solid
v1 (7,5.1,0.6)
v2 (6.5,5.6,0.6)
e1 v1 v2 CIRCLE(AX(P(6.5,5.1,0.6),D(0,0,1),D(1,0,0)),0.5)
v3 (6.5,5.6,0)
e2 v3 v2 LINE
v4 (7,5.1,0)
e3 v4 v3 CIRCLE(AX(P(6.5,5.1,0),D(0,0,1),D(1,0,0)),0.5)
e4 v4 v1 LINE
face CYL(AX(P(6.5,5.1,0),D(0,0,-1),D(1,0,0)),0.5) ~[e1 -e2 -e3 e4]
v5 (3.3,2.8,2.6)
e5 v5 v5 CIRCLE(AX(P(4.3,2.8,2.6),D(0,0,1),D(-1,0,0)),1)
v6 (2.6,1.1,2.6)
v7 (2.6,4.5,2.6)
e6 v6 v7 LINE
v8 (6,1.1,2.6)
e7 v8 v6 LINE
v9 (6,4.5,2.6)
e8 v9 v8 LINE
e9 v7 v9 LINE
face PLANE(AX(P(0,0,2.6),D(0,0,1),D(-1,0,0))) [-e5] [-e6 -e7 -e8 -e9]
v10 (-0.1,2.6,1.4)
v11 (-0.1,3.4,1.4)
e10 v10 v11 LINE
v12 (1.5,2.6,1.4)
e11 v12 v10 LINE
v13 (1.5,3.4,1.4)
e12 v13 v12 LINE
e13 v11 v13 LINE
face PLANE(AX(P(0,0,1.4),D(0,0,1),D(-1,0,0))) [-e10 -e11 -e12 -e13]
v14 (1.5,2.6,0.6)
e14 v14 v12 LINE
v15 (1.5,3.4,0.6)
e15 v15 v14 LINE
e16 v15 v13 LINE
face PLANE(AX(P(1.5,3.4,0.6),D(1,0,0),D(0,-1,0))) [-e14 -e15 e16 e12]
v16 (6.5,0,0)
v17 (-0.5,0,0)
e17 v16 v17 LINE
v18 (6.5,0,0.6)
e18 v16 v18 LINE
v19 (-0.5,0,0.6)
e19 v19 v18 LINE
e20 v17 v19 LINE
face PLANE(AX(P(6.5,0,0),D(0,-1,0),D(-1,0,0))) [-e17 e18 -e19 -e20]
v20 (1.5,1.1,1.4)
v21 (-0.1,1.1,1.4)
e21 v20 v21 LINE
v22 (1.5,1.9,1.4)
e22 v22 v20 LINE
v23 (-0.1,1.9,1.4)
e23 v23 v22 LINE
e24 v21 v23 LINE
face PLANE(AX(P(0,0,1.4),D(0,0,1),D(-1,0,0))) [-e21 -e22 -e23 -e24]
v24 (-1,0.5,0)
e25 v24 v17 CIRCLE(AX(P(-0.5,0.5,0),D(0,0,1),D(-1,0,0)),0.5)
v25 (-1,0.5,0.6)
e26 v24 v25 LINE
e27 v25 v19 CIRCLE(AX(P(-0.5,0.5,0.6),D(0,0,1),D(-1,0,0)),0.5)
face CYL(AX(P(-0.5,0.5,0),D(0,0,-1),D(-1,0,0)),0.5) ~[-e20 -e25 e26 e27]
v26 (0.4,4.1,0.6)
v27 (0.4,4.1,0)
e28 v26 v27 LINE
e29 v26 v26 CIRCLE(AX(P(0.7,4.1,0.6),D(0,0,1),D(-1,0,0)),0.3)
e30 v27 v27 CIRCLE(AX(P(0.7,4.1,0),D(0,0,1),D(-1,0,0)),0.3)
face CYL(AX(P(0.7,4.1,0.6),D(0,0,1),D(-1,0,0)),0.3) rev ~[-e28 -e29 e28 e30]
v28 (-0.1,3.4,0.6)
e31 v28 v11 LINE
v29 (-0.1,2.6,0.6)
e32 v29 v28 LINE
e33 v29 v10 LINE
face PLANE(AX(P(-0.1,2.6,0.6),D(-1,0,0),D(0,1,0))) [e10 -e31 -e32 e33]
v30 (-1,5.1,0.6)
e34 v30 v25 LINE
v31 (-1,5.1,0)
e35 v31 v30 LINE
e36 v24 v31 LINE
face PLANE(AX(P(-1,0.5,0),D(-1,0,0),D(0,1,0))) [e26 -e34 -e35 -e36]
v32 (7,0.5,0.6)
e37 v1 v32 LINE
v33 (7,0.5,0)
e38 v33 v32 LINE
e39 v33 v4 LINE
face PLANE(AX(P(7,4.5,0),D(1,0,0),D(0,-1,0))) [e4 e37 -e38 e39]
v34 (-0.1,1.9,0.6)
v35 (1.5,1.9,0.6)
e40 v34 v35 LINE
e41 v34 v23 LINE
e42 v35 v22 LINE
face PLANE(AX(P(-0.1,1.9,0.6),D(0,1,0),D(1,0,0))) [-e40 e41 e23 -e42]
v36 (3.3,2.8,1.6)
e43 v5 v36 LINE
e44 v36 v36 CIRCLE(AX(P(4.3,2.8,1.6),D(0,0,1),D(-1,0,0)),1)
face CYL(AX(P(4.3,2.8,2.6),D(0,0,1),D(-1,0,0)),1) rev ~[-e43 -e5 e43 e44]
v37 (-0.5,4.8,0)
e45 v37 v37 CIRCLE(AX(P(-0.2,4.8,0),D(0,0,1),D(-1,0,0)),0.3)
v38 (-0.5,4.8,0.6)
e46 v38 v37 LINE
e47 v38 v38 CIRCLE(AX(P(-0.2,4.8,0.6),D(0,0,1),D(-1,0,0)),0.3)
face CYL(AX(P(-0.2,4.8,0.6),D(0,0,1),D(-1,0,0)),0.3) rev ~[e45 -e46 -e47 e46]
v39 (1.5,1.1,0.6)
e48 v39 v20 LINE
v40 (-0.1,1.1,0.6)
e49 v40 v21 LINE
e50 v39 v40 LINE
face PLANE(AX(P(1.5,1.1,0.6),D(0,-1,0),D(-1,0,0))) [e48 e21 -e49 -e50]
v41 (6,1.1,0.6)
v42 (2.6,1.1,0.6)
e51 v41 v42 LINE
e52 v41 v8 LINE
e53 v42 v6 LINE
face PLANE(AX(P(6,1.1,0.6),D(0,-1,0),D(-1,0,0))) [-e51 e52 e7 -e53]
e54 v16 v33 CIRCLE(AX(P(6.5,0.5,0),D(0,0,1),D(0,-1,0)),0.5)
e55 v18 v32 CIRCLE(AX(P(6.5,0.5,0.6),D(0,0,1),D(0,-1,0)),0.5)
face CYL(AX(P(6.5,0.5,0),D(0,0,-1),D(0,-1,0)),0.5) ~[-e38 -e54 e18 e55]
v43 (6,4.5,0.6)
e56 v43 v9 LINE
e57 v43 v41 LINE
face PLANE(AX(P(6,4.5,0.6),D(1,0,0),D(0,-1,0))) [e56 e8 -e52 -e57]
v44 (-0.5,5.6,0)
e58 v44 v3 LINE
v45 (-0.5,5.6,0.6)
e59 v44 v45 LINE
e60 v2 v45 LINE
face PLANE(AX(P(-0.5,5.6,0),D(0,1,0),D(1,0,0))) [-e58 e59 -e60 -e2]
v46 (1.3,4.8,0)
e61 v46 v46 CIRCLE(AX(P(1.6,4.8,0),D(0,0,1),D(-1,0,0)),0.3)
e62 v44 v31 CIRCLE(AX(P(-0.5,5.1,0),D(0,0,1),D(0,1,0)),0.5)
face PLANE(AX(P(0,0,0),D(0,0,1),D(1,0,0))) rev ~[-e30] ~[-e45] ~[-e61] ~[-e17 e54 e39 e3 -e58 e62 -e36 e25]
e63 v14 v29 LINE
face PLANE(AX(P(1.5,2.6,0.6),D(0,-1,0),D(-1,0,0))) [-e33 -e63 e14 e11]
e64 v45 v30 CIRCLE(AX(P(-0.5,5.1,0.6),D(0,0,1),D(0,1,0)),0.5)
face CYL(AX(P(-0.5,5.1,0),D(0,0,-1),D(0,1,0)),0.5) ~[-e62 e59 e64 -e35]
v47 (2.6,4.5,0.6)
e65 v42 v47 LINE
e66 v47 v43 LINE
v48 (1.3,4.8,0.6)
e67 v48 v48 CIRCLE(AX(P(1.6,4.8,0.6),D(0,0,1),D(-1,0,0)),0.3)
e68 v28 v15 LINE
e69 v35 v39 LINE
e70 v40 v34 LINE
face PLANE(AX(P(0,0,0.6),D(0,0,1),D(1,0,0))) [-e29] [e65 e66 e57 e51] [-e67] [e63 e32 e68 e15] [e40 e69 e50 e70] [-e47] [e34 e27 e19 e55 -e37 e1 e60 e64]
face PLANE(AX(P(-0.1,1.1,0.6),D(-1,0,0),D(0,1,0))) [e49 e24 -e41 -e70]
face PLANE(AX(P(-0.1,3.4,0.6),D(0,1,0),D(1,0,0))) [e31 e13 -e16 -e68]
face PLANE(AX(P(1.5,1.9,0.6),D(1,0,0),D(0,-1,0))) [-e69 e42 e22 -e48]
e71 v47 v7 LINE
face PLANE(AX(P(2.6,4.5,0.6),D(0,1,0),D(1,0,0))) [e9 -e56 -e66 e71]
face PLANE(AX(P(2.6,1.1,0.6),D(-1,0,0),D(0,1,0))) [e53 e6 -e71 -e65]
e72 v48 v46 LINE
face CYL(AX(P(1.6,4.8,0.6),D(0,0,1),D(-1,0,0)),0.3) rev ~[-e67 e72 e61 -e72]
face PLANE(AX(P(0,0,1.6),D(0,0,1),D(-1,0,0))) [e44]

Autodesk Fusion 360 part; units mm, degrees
sketch "Sketch1" plane through (0, 0, 0) normal (0, 0, 1) x (1, 0, 0)
  line L0 (7, 4.5) -> (7, 0.5)
  line L1 (6.5, 0) -> (0.5, 0)
  arc A0 (6.5, 0) -> (7, 0.5) centre (6.5, 0.5) ccw
  line L2 (0.5, 5.6) -> (6.5, 5.6)
  line L3 (7, 5.1) -> (7, 4.5)
  arc A1 (7, 5.1) -> (6.5, 5.6) centre (6.5, 5.1) ccw
  line L4 (-1, 0.5) -> (-1, 5)
  line L5 (-1, 5) -> (-1, 5.1)
  line L6 (-0.5, 5.6) -> (0.5, 5.6)
  line L7 (-0.5, 0) -> (0.5, 0)
  arc A2 (-0.5, 5.6) -> (-1, 5.1) centre (-0.5, 5.1) ccw
  arc A3 (-1, 0.5) -> (-0.5, 0) centre (-0.5, 0.5) ccw
extrude "Extrude1" add sketch "Sketch1" along normal blind 0.6
sketch "Sketch7" plane through (0, 0, 0.6) normal (0, 0, 1) x (-1, 0, 0)
  line L0 (0.5, 0) -> (-6.5, 0)
  arc A0 (-6.5, 0) -> (-7, -0.5) centre (-6.5, -0.5) ccw
  line L1 (-7, -0.5) -> (-7, -4.5)
  line L2 (-7, -4.5) -> (-7, -5.1)
  arc A1 (-7, -5.1) -> (-6.5, -5.6) centre (-6.5, -5.1) ccw
  line L3 (-6.5, -5.6) -> (0.5, -5.6)
  line L4 (-2.6, -2.8) -> (-2.6, -4.5)
  line L5 (-2.6, -4.5) -> (-6, -4.5)
  line L6 (-6, -4.5) -> (-6, -1.1)
  line L7 (-6, -1.1) -> (-2.6, -1.1)
  line L8 (-2.6, -1.1) -> (-2.6, -2.8)
  line L9 (1, -5.1) -> (1, -0.5)
  arc A2 (1, -0.5) -> (0.5, 0) centre (0.5, -0.5) ccw
  arc A3 (0.5, -5.6) -> (1, -5.1) centre (0.5, -5.1) ccw
  dimension "d30" = 1.7
  dimension "d31" = 3.4
  dimension "d32" = 3.4
extrude "Extrude7" add sketch "Sketch7" along normal blind 2 contours L4 L5 L6 L7 L8
sketch "Sketch8" plane through (0, 0, 2.6) normal (0, 0, 1) x (-1, 0, 0)
  line L0 (-2.6, -1.1) -> (-6, -1.1)
  line L1 (-6, -1.1) -> (-6, -4.5)
  line L2 (-6, -4.5) -> (-2.6, -4.5)
  line L3 (-2.6, -4.5) -> (-2.6, -2.8)
  line L4 (-2.6, -2.8) -> (-2.6, -1.1)
  circle A0 centre (-4.3, -2.8) radius 1
extrude "Extrude8" cut sketch "Sketch8" against normal blind 1 contours A0
sketch "Sketch9" plane through (0, 0, 0.6) normal (0, 0, 1) x (-1, 0, 0)
  line L0 (-2.6, -1.1) -> (-2.6, -2.8)
  line L1 (-2.6, -2.8) -> (-2.6, -4.5)
  line L2 (-2.6, -4.5) -> (-6, -4.5)
  line L3 (-6, -4.5) -> (-6, -1.1)
  line L4 (-6, -1.1) -> (-2.6, -1.1)
  line L5 (-7, -4.5) -> (-7, -5.1)
  arc A0 (-7, -5.1) -> (-6.5, -5.6) centre (-6.5, -5.1) ccw
  line L6 (-6.5, -5.6) -> (0.5, -5.6)
  line L7 (0.5, 0) -> (-6.5, 0)
  arc A1 (-6.5, 0) -> (-7, -0.5) centre (-6.5, -0.5) ccw
  line L8 (-7, -0.5) -> (-7, -4.5)
  line L9 (-1.5, -1.1) -> (0.1, -1.1)
  line L10 (0.1, -1.1) -> (0.1, -1.9)
  line L11 (0.1, -1.9) -> (-1.5, -1.9)
  line L12 (-1.5, -1.9) -> (-1.5, -1.1)
  line L13 (-1.5, -2.6) -> (0.1, -2.6)
  line L14 (0.1, -2.6) -> (0.1, -3.4)
  line L15 (0.1, -3.4) -> (-1.5, -3.4)
  line L16 (-1.5, -3.4) -> (-1.5, -2.6)
  line L17 (1, -5.1) -> (1, -0.5)
  arc A2 (1, -0.5) -> (0.5, 0) centre (0.5, -0.5) ccw
  arc A3 (0.5, -5.6) -> (1, -5.1) centre (0.5, -5.1) ccw
extrude "Extrude9" add sketch "Sketch9" along normal blind 0.8 contours L9 L10 L11 L12 | L13 L14 L15 L16
sketch "Sketch10" plane through (0, 0, 0.6) normal (0, 0, 1) x (-1, 0, 0)
  line L0 (-2.6, -1.1) -> (-2.6, -2.8)
  line L1 (-2.6, -2.8) -> (-2.6, -4.5)
  line L2 (-2.6, -4.5) -> (-6, -4.5)
  line L3 (-6, -4.5) -> (-6, -1.1)
  line L4 (-6, -1.1) -> (-2.6, -1.1)
  line L5 (-7, -4.5) -> (-7, -5.1)
  arc A0 (-7, -5.1) -> (-6.5, -5.6) centre (-6.5, -5.1) ccw
  line L6 (-6.5, -5.6) -> (0.5, -5.6)
  line L7 (0.5, 0) -> (-6.5, 0)
  arc A1 (-6.5, 0) -> (-7, -0.5) centre (-6.5, -0.5) ccw
  line L8 (-7, -0.5) -> (-7, -4.5)
  circle A2 centre (0.2, -4.8) radius 0.3
  circle A3 centre (-1.6, -4.8) radius 0.3
  circle A4 centre (-0.7, -4.1) radius 0.3
  line L9 (-1.5, -1.1) -> (0.1, -1.1)
  line L10 (0.1, -3.4) -> (-1.5, -3.4)
  line L11 (-1.5, -3.4) -> (-1.5, -2.6)
  line L12 (-1.5, -2.6) -> (0.1, -2.6)
  line L13 (0.1, -1.9) -> (-1.5, -1.9)
  line L14 (-1.5, -1.9) -> (-1.5, -1.1)
  line L15 (0.1, -1.1) -> (0.1, -1.9)
  line L16 (0.1, -2.6) -> (0.1, -3.4)
  line L17 (1, -5.1) -> (1, -0.5)
  arc A5 (1, -0.5) -> (0.5, 0) centre (0.5, -0.5) ccw
  arc A6 (0.5, -5.6) -> (1, -5.1) centre (0.5, -5.1) ccw
extrude "Extrude10" cut sketch "Sketch10" against normal blind 0.6 contours A2 | A3 | A4
